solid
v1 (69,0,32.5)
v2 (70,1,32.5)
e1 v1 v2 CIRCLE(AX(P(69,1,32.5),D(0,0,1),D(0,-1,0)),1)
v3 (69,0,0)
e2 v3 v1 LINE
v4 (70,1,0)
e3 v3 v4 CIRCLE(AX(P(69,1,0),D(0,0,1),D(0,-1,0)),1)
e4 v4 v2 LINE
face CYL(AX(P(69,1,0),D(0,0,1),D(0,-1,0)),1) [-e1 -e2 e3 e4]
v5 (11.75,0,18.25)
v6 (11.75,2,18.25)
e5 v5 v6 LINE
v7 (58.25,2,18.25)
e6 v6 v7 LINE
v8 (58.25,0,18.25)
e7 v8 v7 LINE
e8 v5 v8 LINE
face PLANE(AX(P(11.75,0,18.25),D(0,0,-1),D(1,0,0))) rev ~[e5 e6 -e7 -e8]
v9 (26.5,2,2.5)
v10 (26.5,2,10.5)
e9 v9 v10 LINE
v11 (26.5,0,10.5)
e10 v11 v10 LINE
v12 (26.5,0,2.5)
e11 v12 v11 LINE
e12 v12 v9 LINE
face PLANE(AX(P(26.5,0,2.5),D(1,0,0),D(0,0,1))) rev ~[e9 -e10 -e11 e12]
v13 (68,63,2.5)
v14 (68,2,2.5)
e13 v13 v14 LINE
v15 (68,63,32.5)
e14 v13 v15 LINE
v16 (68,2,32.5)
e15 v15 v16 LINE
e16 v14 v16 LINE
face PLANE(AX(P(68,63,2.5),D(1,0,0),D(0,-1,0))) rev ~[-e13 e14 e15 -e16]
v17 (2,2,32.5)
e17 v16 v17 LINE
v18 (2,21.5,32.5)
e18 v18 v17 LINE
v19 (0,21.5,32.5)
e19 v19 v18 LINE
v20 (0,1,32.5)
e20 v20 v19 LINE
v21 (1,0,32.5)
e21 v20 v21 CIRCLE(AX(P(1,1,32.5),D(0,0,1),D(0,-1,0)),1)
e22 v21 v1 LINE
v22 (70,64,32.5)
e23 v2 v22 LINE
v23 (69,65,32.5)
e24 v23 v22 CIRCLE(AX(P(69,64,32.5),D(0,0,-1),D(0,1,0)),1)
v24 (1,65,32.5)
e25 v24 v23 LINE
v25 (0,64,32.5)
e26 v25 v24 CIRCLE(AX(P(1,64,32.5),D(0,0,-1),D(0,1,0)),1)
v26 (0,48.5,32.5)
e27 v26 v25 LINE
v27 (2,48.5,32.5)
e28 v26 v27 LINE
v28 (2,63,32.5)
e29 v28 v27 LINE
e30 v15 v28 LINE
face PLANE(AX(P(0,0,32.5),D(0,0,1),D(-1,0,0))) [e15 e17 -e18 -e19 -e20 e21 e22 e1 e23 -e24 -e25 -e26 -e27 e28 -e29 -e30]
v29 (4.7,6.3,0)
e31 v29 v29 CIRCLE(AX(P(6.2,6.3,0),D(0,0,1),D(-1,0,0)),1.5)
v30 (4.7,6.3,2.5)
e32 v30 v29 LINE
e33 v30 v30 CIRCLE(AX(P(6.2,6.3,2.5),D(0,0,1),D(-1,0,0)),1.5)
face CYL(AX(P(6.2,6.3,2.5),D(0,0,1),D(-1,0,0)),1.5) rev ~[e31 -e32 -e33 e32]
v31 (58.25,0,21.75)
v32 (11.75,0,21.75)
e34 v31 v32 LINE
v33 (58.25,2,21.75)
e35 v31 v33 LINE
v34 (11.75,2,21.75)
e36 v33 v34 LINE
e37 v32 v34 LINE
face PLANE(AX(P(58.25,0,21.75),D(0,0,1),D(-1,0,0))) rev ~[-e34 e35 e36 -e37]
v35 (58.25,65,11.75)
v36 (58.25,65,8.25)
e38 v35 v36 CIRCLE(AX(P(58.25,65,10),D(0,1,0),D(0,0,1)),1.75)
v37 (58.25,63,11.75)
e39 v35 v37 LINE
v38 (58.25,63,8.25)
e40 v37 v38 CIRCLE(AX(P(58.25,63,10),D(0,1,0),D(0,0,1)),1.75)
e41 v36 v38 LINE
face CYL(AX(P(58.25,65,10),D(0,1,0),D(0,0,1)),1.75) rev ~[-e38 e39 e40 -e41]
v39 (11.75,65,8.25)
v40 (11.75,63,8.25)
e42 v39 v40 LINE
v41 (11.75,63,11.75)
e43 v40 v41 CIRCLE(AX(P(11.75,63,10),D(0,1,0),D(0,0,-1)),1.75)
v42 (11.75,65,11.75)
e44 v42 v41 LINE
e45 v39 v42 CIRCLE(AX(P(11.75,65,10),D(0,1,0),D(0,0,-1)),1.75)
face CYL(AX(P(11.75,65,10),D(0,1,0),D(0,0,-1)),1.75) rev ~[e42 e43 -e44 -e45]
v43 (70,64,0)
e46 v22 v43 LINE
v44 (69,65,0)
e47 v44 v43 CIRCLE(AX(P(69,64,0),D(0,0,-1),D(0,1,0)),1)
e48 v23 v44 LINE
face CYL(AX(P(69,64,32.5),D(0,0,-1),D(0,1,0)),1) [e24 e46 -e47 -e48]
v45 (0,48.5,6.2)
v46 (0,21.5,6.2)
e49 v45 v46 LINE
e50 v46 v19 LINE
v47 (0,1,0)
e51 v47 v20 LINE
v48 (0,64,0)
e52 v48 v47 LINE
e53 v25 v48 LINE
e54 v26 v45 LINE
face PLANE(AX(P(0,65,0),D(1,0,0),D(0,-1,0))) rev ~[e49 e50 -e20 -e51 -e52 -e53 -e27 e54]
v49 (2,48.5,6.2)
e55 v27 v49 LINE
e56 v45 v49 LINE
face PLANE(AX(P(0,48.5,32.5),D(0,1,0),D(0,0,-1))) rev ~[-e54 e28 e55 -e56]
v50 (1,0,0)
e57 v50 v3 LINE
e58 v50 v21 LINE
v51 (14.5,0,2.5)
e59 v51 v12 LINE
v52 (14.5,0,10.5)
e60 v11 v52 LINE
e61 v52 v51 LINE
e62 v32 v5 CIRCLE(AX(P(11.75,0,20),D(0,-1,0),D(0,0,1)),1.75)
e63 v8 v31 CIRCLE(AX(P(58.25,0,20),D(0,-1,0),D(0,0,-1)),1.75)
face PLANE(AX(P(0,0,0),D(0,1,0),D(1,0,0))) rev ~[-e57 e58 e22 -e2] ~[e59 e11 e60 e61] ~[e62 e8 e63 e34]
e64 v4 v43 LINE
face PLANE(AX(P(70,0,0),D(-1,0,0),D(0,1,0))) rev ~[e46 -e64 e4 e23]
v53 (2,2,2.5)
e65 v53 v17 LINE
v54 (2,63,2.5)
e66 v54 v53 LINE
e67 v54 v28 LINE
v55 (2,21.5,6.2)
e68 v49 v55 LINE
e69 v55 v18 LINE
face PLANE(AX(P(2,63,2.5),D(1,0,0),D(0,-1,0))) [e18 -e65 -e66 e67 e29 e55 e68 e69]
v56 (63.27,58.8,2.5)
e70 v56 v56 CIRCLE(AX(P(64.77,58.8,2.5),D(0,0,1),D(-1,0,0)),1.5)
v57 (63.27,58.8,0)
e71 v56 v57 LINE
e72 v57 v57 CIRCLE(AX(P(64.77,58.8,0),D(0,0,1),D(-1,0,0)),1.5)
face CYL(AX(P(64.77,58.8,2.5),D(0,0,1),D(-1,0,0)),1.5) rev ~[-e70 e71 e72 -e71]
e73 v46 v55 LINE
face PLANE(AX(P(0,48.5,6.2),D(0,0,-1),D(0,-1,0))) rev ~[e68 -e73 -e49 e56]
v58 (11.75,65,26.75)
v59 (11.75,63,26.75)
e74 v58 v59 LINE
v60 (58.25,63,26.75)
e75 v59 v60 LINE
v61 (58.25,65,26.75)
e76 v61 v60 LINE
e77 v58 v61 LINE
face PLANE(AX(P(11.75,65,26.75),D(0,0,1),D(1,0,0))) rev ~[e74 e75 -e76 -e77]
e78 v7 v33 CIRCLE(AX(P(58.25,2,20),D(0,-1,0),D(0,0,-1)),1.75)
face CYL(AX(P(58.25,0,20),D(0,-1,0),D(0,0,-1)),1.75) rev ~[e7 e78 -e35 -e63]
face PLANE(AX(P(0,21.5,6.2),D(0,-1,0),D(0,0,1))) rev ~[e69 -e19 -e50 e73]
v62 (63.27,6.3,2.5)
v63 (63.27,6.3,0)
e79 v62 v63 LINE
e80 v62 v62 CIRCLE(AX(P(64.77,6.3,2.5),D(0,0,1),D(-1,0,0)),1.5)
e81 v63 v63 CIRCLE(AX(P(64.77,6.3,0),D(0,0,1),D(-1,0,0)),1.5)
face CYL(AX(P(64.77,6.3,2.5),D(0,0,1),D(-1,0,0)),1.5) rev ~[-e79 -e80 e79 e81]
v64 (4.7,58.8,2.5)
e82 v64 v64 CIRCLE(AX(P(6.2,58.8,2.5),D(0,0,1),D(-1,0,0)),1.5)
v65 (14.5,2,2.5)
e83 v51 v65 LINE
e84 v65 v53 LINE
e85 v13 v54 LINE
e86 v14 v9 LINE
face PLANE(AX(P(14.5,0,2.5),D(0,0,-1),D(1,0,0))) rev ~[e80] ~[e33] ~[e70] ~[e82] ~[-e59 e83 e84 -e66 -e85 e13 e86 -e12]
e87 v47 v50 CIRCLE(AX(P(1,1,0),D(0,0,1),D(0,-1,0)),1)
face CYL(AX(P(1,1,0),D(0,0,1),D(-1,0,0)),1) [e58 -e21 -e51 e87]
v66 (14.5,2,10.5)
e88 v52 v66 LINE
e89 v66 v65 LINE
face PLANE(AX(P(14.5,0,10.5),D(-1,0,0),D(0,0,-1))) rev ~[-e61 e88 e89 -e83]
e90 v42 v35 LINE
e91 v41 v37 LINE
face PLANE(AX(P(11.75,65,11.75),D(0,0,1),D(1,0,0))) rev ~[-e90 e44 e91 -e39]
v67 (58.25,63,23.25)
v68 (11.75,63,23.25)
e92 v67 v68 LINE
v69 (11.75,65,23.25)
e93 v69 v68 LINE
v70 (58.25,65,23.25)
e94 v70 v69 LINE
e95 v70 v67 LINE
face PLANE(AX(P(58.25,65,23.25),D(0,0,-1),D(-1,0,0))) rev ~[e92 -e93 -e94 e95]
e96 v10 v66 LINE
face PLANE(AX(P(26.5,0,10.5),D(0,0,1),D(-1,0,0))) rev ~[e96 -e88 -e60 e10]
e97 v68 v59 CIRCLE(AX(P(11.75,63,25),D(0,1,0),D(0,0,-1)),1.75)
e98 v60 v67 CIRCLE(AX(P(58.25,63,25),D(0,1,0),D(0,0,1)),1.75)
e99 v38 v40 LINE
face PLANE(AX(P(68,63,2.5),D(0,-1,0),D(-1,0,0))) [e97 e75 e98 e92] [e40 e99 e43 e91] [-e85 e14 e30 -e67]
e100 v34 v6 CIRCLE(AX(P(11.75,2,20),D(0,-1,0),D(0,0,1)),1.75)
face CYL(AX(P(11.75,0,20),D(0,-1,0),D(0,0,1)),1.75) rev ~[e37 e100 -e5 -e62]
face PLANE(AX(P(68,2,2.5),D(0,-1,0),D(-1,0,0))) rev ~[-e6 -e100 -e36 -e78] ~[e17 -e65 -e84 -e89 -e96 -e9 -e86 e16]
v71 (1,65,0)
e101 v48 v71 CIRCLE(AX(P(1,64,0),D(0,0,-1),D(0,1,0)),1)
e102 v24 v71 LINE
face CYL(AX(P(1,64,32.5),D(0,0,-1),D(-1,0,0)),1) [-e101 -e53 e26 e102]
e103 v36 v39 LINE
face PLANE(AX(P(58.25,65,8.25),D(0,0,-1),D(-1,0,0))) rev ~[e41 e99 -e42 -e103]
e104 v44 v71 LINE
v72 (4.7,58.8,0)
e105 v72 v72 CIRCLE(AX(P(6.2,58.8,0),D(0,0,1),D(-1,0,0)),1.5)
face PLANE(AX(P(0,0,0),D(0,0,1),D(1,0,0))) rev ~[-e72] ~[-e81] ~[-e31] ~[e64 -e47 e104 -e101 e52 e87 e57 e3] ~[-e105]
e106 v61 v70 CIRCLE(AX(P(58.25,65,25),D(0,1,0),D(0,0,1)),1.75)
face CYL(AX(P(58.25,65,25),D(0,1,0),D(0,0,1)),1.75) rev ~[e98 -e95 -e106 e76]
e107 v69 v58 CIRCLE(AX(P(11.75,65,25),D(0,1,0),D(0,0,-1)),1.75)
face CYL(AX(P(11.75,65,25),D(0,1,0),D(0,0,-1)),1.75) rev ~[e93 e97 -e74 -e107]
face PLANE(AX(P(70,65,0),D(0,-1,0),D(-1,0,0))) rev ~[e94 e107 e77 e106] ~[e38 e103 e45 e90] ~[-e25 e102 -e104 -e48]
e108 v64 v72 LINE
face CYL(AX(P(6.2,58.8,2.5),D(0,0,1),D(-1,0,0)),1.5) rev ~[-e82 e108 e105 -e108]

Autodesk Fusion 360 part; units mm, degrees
sketch "Sketch1" plane through (0, 0, 0) normal (0, 0, 1) x (1, 0, 0)
  line L0 (0, 0) -> (70, 0)
  line L1 (70, 0) -> (70, 65)
  line L2 (70, 65) -> (0, 65)
  line L3 (0, 65) -> (0, 0)
  dimension "d1" = 70
  dimension "d2" = 65
extrude "Extrude1" add sketch "Sketch1" along normal blind 2.5
sketch "Sketch2" plane through (0, 0, 2.5) normal (0, 0, 1) x (-1, 0, 0)
  line L0 (0, -65) -> (0, 0)
  line L1 (0, 0) -> (-70, 0)
  line L2 (-70, 0) -> (-70, -65)
  line L3 (-70, -65) -> (0, -65)
  line L4 (0, -65) -> (-2, -65)
  line L5 (-2, -65) -> (-2, 0)
  line L6 (-2, 0) -> (0, 0)
  line L7 (0, 0) -> (0, -65)
  line L8 (-70, -65) -> (-68, -65)
  line L9 (-68, -65) -> (-68, 0)
  line L10 (-68, 0) -> (-70, 0)
  line L11 (-70, 0) -> (-70, -65)
  line L12 (0, -65) -> (-70, -65)
  line L13 (-70, -65) -> (-70, -63)
  line L14 (-70, -63) -> (0, -63)
  line L15 (0, -63) -> (0, -65)
  line L16 (0, 0) -> (-70, 0)
  line L17 (-70, 0) -> (-70, -2)
  line L18 (-70, -2) -> (0, -2)
  line L19 (0, -2) -> (0, 0)
  dimension "d5" = 2
  dimension "d6" = 2
  dimension "d7" = 65
  dimension "d8" = 2
  dimension "d9" = 2
extrude "Extrude2" add sketch "Sketch2" along normal blind 30 contours L0 L3 L4 L5 L7 L12 L14 L15 | L0 L5 L7 L14 L18 | L3 L5 L9 L12 L14 | L0 L1 L5 L6 L7 L16 L18 L19 | L2 L3 L8 L9 L11 L12 L13 L14 | L1 L5 L9 L16 L18 | L2 L9 L11 L14 L18 | L1 L2 L9 L10 L11 L16 L17 L18
sketch "Sketch3" plane through (0, 0, 2.5) normal (0, 0, 1) x (-1, 0, 0)
  line L0 (-2, -2) -> (-68, -2)
  line L1 (-68, -2) -> (-68, -63)
  line L2 (-68, -63) -> (-2, -63)
  line L3 (-2, -63) -> (-2, -2)
  circle A0 centre (-6.2, -6.3) radius 1.5
  circle A1 centre (-6.2, -58.8) radius 1.5
  circle A2 centre (-64.77, -58.8) radius 1.5
  circle A3 centre (-64.77, -6.3) radius 1.5
  dimension "d12" = 3
  dimension "d13" = 3
  dimension "d14" = 3
  dimension "d15" = 3
  dimension "d16" = 58.57
  dimension "d17" = 58.57
  dimension "d18" = 52.5
  dimension "d19" = 52.5
extrude "Extrude3" cut sketch "Sketch3" against normal blind 2.5 contours A0 | A1 | A2 | A3
sketch "Sketch6" plane through (0, 0, 0) normal (0, -1, 0) x (1, 0, 0)
  line L0 (0, 0) -> (70, 0)
  line L1 (70, 0) -> (70, 32.5)
  line L2 (70, 32.5) -> (0, 32.5)
  line L3 (0, 32.5) -> (0, 0)
  line L4 (14.5, 2.5) -> (26.5, 2.5)
  line L5 (26.5, 2.5) -> (26.5, 10.5)
  line L6 (26.5, 10.5) -> (14.5, 10.5)
  line L7 (14.5, 10.5) -> (14.5, 2.5)
  line L8 (11.75, 18.25) -> (58.25, 18.25)
  arc A0 (58.25, 18.25) -> (58.25, 21.75) centre (58.25, 20) ccw
  line L9 (58.25, 21.75) -> (11.75, 21.75)
  arc A1 (11.75, 21.75) -> (11.75, 18.25) centre (11.75, 20) ccw
  line L10 (10, 20) -> (60, 20) construction
  dimension "d32" = 12
  dimension "d33" = 8
  dimension "d34" = 2.5
  dimension "d35" = 14.5
  dimension "d36" = 3.5
sketch "Sketch7" plane through (0, 0, 0) normal (-1, 0, 0) x (0, -1, 0)
  line L0 (-65, 0) -> (0, 0)
  line L1 (0, 0) -> (0, 32.5)
  line L2 (0, 32.5) -> (-65, 32.5)
  line L3 (-65, 32.5) -> (-65, 0)
  line L4 (-48.5, 6.2) -> (-21.5, 6.2)
  line L5 (-21.5, 6.2) -> (-21.5, 32.5)
  line L6 (-21.5, 32.5) -> (-48.5, 32.5)
  line L7 (-48.5, 32.5) -> (-48.5, 6.2)
  dimension "d37" = 16.5
  dimension "d38" = 6.2
  dimension "d47" = 27
  dimension "d48" = 26.3
extrude "Extrude6" cut sketch "Sketch7" against normal blind 2 contours L2 L4 L5 L6 L7
extrude "Extrude7" cut sketch "Sketch6" against normal blind 2 contours L4 L5 L6 L7 | L8 A0 L9 A1
sketch "Sketch8" plane through (0, 65, 0) normal (0, 1, 0) x (-1, 0, 0)
  line L0 (-70, 0) -> (0, 0)
  line L1 (0, 0) -> (0, 32.5)
  line L2 (0, 32.5) -> (-70, 32.5)
  line L3 (-70, 32.5) -> (-70, 0)
  line L4 (-58.25, 23.25) -> (-11.75, 23.25)
  arc A0 (-11.75, 23.25) -> (-11.75, 26.75) centre (-11.75, 25) ccw
  line L5 (-11.75, 26.75) -> (-58.25, 26.75)
  arc A1 (-58.25, 26.75) -> (-58.25, 23.25) centre (-58.25, 25) ccw
  line L6 (-60, 25) -> (-10, 25) construction
  line L7 (-58.25, 8.25) -> (-11.75, 8.25)
  arc A2 (-11.75, 8.25) -> (-11.75, 11.75) centre (-11.75, 10) ccw
  line L8 (-11.75, 11.75) -> (-58.25, 11.75)
  arc A3 (-58.25, 11.75) -> (-58.25, 8.25) centre (-58.25, 10) ccw
  line L9 (-60, 10) -> (-10, 10) construction
  dimension "d43" = 3.5
  dimension "d44" = 3.5
extrude "Extrude8" cut sketch "Sketch8" against normal blind 2 contours L4 A0 L5 A1 | L7 A2 L8 A3
fillet "Fillet1" radius 1 4 edges at (70, 0, 16.25) (0, 0, 16.25) (70, 65, 16.25) (0, 65, 16.25)
